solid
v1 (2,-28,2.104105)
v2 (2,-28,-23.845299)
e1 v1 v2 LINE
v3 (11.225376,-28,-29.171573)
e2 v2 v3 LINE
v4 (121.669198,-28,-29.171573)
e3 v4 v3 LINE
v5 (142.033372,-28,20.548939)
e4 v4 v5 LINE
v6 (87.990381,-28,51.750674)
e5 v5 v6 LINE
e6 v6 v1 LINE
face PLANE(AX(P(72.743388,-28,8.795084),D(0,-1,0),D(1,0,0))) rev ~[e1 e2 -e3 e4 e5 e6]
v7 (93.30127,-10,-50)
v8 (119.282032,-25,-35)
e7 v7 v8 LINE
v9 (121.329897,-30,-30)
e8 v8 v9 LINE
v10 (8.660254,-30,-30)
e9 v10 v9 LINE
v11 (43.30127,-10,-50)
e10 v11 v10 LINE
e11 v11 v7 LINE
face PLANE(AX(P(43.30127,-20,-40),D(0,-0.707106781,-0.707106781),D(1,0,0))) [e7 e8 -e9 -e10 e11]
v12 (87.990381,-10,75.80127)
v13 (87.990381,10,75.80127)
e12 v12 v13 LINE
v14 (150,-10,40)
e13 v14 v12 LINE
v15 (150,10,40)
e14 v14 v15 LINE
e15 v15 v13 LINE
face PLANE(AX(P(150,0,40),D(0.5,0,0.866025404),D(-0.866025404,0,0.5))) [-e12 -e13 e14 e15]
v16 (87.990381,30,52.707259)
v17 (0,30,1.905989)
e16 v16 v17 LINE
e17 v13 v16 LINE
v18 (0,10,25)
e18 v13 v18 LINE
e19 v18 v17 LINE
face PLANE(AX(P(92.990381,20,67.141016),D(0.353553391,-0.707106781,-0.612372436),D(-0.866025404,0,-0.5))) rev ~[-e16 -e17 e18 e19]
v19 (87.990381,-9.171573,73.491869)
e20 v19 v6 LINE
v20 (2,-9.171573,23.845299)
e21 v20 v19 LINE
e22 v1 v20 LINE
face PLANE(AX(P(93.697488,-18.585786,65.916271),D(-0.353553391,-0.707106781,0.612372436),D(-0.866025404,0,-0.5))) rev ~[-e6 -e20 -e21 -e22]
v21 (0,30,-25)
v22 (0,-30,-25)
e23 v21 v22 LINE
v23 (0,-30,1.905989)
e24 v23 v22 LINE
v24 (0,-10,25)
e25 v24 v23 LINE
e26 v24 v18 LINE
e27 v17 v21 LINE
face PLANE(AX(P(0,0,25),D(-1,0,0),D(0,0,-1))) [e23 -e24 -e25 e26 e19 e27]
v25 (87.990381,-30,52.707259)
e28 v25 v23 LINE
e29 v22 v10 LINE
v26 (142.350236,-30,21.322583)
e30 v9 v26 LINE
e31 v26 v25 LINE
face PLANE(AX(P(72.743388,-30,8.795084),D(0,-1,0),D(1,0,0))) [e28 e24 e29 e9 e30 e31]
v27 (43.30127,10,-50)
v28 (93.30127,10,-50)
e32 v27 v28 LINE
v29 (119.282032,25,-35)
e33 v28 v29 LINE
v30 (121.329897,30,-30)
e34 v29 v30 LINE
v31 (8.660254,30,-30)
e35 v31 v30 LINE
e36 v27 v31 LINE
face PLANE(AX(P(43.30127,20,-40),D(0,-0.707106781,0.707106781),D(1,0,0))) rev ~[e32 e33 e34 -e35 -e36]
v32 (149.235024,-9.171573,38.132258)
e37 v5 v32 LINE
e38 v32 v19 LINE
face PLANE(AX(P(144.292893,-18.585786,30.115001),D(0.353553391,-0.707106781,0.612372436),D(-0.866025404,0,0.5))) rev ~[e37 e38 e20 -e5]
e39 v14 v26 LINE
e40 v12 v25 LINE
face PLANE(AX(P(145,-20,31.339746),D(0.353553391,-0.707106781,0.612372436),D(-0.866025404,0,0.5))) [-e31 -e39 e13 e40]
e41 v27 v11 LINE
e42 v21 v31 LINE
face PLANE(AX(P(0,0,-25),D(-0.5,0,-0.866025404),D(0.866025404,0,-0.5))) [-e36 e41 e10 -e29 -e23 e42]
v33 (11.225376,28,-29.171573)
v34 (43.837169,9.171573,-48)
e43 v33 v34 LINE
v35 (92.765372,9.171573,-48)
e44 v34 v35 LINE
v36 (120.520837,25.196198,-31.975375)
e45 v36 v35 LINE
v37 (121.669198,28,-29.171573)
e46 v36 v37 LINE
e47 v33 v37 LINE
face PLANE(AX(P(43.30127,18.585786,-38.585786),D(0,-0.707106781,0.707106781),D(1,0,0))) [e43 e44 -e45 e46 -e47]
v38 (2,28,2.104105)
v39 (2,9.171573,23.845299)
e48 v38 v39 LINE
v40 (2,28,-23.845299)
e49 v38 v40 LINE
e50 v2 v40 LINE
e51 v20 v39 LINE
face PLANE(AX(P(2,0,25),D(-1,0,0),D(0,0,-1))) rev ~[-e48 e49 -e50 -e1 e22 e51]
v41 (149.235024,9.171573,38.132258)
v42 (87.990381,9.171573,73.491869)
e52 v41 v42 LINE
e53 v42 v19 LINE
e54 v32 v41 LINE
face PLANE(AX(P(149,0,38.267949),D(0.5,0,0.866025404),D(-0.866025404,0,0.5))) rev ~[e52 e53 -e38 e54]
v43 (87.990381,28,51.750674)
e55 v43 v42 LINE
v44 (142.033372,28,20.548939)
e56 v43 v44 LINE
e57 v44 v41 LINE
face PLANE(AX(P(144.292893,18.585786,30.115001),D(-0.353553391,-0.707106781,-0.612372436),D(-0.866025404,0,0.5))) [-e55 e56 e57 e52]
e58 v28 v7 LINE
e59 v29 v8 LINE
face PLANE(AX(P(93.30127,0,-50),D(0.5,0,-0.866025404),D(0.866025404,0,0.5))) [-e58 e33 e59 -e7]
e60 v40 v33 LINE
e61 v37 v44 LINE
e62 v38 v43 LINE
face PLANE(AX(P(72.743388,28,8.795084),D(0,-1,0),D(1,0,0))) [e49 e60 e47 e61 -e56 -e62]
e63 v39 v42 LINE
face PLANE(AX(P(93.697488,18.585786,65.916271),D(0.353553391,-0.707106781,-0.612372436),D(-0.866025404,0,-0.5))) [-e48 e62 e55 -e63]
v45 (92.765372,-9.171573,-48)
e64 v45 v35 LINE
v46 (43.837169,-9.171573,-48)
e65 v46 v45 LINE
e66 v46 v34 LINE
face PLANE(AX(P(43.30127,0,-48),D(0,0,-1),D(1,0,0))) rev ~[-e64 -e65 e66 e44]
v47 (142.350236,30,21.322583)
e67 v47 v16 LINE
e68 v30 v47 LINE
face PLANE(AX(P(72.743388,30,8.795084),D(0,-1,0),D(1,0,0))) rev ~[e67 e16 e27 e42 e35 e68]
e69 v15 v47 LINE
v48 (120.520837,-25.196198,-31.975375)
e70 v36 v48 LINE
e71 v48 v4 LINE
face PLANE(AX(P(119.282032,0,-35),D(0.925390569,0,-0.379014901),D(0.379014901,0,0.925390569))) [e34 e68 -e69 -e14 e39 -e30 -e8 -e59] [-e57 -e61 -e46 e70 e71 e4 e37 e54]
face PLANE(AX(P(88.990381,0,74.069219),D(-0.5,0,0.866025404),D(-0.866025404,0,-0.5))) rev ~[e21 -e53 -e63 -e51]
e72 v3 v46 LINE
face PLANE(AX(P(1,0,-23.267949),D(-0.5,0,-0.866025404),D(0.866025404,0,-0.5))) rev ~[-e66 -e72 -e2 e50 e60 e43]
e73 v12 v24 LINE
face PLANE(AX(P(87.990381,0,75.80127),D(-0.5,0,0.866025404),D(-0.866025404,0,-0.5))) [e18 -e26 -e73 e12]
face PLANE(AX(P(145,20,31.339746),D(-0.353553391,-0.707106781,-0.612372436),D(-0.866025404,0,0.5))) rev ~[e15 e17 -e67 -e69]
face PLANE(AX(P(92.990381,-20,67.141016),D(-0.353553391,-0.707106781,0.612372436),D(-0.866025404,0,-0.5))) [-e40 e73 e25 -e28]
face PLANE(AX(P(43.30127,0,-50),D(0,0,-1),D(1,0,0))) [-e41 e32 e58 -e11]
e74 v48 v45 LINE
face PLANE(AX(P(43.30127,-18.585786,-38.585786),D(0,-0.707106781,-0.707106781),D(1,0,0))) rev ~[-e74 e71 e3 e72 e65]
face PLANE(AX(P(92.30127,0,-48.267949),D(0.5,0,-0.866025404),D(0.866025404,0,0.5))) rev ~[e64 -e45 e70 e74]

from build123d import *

# Parameters (mm, degrees)
F1_DEPTH = 30
F2_SIZE  = 20
F3_T     = -2


with BuildPart() as f1:
    # F0 (on Front) → F1 (new body, symmetric)
    with BuildSketch(Plane.XZ):
        Polygon((0, 25), (0, -25), (43.3012701892, -50), (93.3012701892, -50), (119.2820323028, -35), (150, 40), (87.9903810568, 75.8012701892), align=None)
    extrude(amount=F1_DEPTH, both=True)

    # F2
    f2_edges = [f1.edges().sort_by_distance(p)[0] for p in [
        (68.30127, -30, -50),
        (68.30127, 30, -50),
        (43.995191, -30, 50.400635),
        (118.995191, -30, 57.900635),
        (118.995191, 30, 57.900635),
        (43.995191, 30, 50.400635),
    ]]
    chamfer(f2_edges, length=F2_SIZE)

    # F3
    f3_openings = [f1.faces().sort_by_distance(p)[0] for p in [
        (133.563862, 0, -0.129945),
    ]]
    offset(amount=F3_T, openings=f3_openings)


solid = f1.part
